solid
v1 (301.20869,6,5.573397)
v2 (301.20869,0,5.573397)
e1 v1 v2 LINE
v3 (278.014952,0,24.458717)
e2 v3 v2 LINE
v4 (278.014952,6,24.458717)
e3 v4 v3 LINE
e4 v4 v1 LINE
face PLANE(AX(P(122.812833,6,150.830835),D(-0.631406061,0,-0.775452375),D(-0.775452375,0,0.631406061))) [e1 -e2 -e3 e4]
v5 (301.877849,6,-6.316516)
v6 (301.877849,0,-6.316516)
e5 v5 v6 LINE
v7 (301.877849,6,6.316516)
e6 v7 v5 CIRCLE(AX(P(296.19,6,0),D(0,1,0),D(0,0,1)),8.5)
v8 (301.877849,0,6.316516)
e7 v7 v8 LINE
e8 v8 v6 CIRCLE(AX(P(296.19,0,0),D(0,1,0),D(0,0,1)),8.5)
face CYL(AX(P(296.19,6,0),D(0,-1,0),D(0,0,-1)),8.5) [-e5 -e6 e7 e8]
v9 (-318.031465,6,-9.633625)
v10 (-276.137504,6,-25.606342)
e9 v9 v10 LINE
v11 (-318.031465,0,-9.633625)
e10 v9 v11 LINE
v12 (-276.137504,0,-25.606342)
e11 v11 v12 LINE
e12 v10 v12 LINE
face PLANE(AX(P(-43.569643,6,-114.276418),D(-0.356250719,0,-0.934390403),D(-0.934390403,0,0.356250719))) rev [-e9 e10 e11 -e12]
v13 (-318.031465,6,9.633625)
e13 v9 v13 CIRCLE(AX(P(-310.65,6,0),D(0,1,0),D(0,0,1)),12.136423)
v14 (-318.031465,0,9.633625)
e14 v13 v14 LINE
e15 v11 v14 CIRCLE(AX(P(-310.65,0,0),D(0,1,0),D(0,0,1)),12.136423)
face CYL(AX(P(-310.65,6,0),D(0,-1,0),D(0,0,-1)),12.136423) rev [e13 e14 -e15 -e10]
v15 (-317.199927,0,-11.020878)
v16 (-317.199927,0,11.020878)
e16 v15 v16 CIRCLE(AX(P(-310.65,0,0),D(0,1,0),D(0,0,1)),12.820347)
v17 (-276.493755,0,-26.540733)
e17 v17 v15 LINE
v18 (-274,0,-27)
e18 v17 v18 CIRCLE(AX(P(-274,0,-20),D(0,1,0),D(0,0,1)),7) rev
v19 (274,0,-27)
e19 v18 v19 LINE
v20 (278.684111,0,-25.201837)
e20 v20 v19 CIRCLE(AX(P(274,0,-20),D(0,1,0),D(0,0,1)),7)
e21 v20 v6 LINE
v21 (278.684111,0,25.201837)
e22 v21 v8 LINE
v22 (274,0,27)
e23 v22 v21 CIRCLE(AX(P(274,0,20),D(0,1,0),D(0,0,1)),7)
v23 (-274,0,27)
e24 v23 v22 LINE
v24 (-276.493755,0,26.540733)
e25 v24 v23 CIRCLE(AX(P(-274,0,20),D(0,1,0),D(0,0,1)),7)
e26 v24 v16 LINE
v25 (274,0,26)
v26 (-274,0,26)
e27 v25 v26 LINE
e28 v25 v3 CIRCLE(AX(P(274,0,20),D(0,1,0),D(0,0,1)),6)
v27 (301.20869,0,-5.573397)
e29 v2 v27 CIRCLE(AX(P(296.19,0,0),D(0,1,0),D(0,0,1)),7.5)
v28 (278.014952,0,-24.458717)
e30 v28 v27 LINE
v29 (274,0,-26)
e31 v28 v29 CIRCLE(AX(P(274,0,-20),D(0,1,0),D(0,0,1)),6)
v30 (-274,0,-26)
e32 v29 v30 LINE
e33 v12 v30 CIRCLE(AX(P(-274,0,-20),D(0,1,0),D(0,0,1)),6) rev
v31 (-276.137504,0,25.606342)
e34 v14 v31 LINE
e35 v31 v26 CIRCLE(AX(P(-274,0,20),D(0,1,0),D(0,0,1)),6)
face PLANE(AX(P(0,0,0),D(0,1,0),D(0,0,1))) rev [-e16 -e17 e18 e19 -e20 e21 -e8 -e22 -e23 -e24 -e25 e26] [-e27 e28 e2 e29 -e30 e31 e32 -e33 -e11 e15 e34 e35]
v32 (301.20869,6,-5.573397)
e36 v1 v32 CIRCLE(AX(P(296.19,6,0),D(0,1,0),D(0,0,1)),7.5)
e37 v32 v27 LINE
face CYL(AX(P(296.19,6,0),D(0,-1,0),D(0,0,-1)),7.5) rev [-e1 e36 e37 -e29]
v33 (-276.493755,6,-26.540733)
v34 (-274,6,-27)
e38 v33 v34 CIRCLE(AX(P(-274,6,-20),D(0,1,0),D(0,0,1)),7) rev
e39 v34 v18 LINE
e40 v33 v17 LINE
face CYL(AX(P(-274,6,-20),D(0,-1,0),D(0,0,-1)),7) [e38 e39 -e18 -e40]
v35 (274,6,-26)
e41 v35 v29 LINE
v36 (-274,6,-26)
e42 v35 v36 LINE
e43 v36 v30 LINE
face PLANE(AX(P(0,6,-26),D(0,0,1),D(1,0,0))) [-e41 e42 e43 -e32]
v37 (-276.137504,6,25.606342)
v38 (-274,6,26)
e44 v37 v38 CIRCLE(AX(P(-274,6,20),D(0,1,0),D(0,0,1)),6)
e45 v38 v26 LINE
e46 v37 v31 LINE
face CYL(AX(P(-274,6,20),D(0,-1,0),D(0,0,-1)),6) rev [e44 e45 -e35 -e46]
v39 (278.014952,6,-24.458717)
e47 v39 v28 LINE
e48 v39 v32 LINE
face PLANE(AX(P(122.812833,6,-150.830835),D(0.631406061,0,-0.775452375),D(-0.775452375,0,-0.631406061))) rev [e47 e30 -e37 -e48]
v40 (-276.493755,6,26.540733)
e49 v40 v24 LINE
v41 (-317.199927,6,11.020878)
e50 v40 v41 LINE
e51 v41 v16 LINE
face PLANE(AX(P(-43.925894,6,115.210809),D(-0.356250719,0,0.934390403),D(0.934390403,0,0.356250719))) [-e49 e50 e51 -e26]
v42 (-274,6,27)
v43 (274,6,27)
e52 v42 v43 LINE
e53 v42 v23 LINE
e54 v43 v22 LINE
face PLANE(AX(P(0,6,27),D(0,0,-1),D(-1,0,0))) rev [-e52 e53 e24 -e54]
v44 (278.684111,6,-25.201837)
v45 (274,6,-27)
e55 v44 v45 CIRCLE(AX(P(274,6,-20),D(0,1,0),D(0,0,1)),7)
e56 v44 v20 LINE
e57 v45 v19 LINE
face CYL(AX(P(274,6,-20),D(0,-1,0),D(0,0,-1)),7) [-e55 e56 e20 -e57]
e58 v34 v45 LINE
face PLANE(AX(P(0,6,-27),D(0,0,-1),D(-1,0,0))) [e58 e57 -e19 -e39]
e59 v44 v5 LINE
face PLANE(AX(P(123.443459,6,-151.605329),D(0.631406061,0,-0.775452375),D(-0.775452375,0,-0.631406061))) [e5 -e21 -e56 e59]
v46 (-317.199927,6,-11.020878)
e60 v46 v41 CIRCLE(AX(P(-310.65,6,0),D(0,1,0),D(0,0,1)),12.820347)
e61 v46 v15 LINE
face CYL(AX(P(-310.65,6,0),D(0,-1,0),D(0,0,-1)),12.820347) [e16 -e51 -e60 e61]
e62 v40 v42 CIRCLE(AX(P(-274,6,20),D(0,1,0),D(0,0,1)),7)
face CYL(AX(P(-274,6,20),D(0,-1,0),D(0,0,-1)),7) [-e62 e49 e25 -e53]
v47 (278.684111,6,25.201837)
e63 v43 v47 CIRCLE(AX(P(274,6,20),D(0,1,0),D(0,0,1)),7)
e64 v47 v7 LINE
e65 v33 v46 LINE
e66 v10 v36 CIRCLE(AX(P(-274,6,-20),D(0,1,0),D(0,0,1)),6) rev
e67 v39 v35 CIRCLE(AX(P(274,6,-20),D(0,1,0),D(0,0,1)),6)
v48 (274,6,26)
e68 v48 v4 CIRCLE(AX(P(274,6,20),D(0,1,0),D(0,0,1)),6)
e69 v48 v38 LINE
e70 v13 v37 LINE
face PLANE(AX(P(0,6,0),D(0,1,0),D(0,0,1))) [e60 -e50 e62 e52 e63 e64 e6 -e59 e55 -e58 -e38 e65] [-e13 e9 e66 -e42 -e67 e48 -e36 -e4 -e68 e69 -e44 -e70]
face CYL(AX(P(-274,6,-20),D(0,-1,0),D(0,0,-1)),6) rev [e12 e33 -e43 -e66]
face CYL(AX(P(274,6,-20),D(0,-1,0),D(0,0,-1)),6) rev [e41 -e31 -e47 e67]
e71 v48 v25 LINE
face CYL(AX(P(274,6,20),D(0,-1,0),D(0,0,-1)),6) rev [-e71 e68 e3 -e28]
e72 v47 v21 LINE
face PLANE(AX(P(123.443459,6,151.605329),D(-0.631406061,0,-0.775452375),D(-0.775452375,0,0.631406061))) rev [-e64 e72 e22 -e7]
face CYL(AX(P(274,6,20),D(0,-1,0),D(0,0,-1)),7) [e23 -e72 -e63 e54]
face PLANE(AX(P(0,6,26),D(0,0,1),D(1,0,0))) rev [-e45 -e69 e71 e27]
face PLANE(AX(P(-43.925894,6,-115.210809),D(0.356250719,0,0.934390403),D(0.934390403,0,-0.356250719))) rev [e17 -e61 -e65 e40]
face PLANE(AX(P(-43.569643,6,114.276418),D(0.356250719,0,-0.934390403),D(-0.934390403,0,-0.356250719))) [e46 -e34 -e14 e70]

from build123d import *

# Parameters (mm, degrees)
DODANIE_WYCI_GNI_CIE1_DEPTH = 6


with BuildPart() as part:
    # Szkic1 → Dodanie-wyciągnięcie1 (new body)
    with BuildSketch(Plane(origin=(0, 0, 0), x_dir=(1, 0, 0), z_dir=(0, 1, 0))):
        with BuildLine():
            Line((-276.493755035, 26.54073282), (-317.199927227, 11.020878293))
            ThreePointArc((-317.199927227, 11.020878293), (-323.470347305, 0), (-317.199927227, -11.020878293))
            Line((-317.199927227, -11.020878293), (-276.493755035, -26.54073282))
            ThreePointArc((-276.493755035, -26.54073282), (-275.267846651, -26.8842258), (-274, -27))
            Line((-274, -27), (274, -27))
            ThreePointArc((274, -27), (276.508698973, -26.535015644), (278.68411058, -25.20183699))
            Line((278.68411058, -25.20183699), (301.877848562, -6.316516345))
            ThreePointArc((301.877848562, -6.316516345), (304.69, 0), (301.877848562, 6.316516345))
            Line((301.877848562, 6.316516345), (278.68411058, 25.20183699))
            ThreePointArc((278.68411058, 25.20183699), (276.508698973, 26.535015644), (274, 27))
            Line((274, 27), (-274, 27))
            ThreePointArc((-274, 27), (-275.267846651, 26.8842258), (-276.493755035, 26.54073282))
        make_face()
        with BuildLine():
            ThreePointArc((-318.031465247, 9.633625156), (-322.786422983, 0), (-318.031465247, -9.633625156))
            Line((-318.031465247, -9.633625156), (-276.137504316, -25.606342417))
            ThreePointArc((-276.137504316, -25.606342417), (-275.086725701, -25.900764972), (-274, -26))
            Line((-274, -26), (274, -26))
            ThreePointArc((274, -26), (276.150313405, -25.60144198), (278.014951926, -24.45871742))
            Line((278.014951926, -24.45871742), (301.208689908, -5.573396775))
            ThreePointArc((301.208689908, -5.573396775), (303.69, 0), (301.208689908, 5.573396775))
            Line((301.208689908, 5.573396775), (278.014951926, 24.45871742))
            ThreePointArc((278.014951926, 24.45871742), (276.150313405, 25.60144198), (274, 26))
            Line((274, 26), (-274, 26))
            ThreePointArc((-274, 26), (-275.086725701, 25.900764972), (-276.137504316, 25.606342417))
            Line((-276.137504316, 25.606342417), (-318.031465247, 9.633625156))
        make_face(mode=Mode.SUBTRACT)
    extrude(amount=DODANIE_WYCI_GNI_CIE1_DEPTH)


solid = part.part
